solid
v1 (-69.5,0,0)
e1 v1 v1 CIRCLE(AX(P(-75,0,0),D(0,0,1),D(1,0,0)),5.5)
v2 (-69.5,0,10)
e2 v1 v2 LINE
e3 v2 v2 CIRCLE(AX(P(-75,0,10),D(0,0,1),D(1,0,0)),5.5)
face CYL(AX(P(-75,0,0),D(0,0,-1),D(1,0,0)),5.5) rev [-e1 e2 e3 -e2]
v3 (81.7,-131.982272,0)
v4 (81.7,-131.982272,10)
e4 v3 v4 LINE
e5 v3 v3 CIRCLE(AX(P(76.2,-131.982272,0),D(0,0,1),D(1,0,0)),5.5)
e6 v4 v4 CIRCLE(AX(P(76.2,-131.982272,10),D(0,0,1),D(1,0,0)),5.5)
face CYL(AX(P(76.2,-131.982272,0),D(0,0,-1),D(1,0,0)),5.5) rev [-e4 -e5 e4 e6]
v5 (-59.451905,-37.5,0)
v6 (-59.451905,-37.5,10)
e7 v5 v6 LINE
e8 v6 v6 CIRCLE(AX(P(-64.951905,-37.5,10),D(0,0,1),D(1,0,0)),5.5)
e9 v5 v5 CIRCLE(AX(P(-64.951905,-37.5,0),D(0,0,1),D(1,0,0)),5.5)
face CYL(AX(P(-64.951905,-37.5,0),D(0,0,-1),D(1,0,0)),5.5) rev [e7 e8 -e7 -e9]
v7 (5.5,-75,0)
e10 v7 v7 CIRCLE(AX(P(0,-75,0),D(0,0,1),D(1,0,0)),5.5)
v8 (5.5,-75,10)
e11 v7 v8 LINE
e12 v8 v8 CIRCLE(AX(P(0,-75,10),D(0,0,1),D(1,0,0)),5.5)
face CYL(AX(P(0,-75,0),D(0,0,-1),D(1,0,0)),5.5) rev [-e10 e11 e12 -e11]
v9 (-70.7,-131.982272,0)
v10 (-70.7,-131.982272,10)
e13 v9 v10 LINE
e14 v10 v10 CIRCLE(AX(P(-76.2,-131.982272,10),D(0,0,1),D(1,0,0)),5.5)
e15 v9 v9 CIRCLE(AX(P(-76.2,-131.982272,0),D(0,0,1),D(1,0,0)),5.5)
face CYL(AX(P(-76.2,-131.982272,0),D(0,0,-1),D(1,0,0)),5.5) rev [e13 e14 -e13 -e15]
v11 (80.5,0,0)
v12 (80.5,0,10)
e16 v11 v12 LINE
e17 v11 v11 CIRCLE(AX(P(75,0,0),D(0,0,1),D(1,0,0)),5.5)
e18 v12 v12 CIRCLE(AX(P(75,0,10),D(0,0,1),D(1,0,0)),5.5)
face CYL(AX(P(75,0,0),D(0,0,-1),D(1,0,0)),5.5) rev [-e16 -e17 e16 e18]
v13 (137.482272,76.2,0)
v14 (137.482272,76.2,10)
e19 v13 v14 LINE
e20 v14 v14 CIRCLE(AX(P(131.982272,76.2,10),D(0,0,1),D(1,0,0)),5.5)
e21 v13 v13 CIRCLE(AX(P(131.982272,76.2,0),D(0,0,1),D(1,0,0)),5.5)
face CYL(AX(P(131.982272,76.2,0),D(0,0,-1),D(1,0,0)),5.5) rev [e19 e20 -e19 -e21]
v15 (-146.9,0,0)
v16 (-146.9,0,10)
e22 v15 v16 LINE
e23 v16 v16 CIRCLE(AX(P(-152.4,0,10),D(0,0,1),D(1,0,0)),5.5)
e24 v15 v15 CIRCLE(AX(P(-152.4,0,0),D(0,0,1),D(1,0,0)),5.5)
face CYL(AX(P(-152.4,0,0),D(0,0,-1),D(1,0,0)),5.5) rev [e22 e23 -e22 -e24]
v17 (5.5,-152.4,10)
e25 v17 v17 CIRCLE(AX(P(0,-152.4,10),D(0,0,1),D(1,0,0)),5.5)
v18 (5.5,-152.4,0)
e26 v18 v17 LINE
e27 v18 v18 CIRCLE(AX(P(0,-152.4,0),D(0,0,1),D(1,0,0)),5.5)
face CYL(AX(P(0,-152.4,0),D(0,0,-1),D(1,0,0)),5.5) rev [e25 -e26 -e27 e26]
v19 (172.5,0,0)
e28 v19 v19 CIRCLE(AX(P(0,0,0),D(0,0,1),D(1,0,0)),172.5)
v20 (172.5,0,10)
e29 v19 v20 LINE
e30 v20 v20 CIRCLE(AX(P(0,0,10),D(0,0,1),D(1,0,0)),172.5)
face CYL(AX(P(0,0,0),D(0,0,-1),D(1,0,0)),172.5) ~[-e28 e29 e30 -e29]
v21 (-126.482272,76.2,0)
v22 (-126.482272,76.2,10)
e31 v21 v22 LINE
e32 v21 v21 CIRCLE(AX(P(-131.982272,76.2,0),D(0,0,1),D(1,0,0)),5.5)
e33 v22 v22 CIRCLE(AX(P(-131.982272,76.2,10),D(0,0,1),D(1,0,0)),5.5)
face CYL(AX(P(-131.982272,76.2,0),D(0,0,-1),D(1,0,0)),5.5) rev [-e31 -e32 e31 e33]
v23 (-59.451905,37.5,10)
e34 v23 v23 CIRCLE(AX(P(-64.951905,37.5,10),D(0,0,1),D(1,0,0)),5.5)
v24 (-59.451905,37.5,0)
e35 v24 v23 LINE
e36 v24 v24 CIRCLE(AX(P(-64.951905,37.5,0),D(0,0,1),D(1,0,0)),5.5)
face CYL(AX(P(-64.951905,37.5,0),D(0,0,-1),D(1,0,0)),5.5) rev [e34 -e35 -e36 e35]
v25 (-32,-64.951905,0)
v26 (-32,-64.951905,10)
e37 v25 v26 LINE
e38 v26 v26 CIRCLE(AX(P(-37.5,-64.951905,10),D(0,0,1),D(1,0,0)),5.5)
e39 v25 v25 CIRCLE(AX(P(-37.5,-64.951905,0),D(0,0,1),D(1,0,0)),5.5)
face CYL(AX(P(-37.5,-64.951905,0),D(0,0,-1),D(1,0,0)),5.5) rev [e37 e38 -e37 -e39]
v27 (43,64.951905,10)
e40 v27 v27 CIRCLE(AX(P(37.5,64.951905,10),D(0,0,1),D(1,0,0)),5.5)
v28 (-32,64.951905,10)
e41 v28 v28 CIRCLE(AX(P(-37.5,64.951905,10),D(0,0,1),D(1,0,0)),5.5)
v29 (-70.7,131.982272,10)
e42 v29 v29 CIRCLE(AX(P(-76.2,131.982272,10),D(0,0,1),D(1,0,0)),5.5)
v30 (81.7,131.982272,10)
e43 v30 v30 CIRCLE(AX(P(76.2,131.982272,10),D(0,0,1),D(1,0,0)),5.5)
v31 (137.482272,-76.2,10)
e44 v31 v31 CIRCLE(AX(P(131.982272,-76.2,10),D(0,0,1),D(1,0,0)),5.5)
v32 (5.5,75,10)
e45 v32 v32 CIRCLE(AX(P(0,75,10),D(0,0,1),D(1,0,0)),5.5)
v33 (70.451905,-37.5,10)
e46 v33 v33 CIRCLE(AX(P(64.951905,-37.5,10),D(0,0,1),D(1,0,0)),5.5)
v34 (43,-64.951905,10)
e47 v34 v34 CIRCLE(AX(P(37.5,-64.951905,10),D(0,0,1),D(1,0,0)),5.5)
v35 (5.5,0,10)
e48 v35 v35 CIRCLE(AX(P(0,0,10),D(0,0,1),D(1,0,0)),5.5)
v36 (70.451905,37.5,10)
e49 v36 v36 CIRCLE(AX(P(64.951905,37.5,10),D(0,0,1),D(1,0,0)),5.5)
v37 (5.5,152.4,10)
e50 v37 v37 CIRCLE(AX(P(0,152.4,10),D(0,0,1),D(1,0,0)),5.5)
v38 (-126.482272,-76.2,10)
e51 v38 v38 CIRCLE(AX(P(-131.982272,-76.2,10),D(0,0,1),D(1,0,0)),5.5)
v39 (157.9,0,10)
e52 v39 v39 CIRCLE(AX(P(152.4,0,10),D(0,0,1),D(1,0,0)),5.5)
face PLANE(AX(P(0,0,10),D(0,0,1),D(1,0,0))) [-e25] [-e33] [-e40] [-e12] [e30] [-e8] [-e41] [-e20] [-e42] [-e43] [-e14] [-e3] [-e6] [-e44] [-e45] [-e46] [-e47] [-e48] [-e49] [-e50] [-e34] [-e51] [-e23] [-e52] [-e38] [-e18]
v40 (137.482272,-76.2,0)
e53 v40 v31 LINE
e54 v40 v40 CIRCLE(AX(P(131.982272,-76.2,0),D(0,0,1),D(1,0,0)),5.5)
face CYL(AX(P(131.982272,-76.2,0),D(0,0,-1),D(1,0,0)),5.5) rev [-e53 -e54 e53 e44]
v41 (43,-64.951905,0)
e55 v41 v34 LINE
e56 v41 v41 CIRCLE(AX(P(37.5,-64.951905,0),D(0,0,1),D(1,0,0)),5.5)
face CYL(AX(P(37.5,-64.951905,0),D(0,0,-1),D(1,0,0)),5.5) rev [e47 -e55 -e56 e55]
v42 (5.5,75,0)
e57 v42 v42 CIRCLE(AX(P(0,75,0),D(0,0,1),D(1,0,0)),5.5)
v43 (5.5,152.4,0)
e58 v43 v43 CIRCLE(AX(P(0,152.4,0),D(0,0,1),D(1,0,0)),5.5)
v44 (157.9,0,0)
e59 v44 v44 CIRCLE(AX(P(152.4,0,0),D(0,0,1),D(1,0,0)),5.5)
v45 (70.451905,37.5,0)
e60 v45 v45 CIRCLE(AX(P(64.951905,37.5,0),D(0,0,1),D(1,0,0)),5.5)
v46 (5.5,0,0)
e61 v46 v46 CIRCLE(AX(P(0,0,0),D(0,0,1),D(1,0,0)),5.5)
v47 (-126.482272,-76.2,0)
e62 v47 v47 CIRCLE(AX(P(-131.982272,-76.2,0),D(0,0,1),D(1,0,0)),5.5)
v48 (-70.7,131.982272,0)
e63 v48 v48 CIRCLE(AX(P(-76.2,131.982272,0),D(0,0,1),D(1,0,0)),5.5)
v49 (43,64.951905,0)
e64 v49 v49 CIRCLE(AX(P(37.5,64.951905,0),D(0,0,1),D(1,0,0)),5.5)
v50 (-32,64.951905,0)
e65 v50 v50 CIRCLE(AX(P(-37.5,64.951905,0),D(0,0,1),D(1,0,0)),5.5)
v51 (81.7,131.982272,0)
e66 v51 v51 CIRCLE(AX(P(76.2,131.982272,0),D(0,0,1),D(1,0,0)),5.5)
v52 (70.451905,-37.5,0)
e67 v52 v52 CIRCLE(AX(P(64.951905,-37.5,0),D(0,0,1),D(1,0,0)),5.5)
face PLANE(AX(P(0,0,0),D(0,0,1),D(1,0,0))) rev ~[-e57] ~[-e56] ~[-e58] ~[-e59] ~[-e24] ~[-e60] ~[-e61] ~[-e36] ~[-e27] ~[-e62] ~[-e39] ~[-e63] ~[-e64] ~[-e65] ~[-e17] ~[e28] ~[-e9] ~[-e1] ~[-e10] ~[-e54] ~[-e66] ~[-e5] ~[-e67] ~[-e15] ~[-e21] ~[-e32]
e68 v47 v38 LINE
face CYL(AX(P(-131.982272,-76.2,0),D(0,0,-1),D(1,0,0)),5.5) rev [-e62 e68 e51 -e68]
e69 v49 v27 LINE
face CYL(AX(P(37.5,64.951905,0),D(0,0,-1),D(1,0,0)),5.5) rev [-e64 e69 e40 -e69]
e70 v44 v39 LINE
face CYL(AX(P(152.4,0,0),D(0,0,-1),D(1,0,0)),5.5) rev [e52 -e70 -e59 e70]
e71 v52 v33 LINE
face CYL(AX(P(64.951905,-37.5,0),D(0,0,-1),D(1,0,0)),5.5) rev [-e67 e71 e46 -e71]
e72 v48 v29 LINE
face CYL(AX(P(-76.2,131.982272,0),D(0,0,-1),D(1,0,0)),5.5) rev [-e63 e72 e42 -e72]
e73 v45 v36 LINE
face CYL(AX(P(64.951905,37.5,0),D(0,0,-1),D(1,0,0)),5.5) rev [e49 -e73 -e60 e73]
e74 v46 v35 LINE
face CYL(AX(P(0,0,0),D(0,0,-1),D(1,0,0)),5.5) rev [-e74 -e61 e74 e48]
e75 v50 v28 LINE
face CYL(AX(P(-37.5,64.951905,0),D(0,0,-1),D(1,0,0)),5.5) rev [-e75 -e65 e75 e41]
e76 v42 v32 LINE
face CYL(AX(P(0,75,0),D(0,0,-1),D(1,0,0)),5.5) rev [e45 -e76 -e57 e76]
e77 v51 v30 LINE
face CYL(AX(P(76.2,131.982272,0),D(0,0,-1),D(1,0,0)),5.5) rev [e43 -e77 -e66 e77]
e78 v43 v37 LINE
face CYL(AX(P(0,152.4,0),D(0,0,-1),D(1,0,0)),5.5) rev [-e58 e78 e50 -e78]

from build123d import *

# Parameters (mm, degrees)
F0_R     = 172.5
F0_R_2   = 5.5
F1_DEPTH = 10


with BuildPart() as f1:
    # F0 (on Top) → F1 (new body)
    with BuildSketch(Plane.XY):
        Circle(F0_R)
        with Locations((-76.2, -131.982272)):
            Circle(F0_R_2, mode=Mode.SUBTRACT)
        with Locations((-131.982272, -76.2)):
            Circle(F0_R_2, mode=Mode.SUBTRACT)
        with Locations((-37.5, -64.951905)):
            Circle(F0_R_2, mode=Mode.SUBTRACT)
        with Locations((-64.951905, -37.5)):
            Circle(F0_R_2, mode=Mode.SUBTRACT)
        with Locations((0, -152.4)):
            Circle(F0_R_2, mode=Mode.SUBTRACT)
        with Locations((76.2, -131.982272)):
            Circle(F0_R_2, mode=Mode.SUBTRACT)
        with Locations((0, -75)):
            Circle(F0_R_2, mode=Mode.SUBTRACT)
        with Locations((37.5, -64.951905)):
            Circle(F0_R_2, mode=Mode.SUBTRACT)
        with Locations((64.951905, -37.5)):
            Circle(F0_R_2, mode=Mode.SUBTRACT)
        with Locations((131.982272, -76.2)):
            Circle(F0_R_2, mode=Mode.SUBTRACT)
        with Locations((-152.4, 0)):
            Circle(F0_R_2, mode=Mode.SUBTRACT)
        with Locations((-131.982272, 76.2)):
            Circle(F0_R_2, mode=Mode.SUBTRACT)
        with Locations((-75, 0)):
            Circle(F0_R_2, mode=Mode.SUBTRACT)
        with Locations((-64.951905, 37.5)):
            Circle(F0_R_2, mode=Mode.SUBTRACT)
        with Locations((-37.5, 64.951905)):
            Circle(F0_R_2, mode=Mode.SUBTRACT)
        with Locations((-76.2, 131.982272)):
            Circle(F0_R_2, mode=Mode.SUBTRACT)
        Circle(F0_R_2, mode=Mode.SUBTRACT)
        with Locations((75, 0)):
            Circle(F0_R_2, mode=Mode.SUBTRACT)
        with Locations((64.951905, 37.5)):
            Circle(F0_R_2, mode=Mode.SUBTRACT)
        with Locations((0, 75)):
            Circle(F0_R_2, mode=Mode.SUBTRACT)
        with Locations((37.5, 64.951905)):
            Circle(F0_R_2, mode=Mode.SUBTRACT)
        with Locations((152.4, 0)):
            Circle(F0_R_2, mode=Mode.SUBTRACT)
        with Locations((131.982272, 76.2)):
            Circle(F0_R_2, mode=Mode.SUBTRACT)
        with Locations((0, 152.4)):
            Circle(F0_R_2, mode=Mode.SUBTRACT)
        with Locations((76.2, 131.982272)):
            Circle(F0_R_2, mode=Mode.SUBTRACT)
    extrude(amount=F1_DEPTH)


solid = f1.part
